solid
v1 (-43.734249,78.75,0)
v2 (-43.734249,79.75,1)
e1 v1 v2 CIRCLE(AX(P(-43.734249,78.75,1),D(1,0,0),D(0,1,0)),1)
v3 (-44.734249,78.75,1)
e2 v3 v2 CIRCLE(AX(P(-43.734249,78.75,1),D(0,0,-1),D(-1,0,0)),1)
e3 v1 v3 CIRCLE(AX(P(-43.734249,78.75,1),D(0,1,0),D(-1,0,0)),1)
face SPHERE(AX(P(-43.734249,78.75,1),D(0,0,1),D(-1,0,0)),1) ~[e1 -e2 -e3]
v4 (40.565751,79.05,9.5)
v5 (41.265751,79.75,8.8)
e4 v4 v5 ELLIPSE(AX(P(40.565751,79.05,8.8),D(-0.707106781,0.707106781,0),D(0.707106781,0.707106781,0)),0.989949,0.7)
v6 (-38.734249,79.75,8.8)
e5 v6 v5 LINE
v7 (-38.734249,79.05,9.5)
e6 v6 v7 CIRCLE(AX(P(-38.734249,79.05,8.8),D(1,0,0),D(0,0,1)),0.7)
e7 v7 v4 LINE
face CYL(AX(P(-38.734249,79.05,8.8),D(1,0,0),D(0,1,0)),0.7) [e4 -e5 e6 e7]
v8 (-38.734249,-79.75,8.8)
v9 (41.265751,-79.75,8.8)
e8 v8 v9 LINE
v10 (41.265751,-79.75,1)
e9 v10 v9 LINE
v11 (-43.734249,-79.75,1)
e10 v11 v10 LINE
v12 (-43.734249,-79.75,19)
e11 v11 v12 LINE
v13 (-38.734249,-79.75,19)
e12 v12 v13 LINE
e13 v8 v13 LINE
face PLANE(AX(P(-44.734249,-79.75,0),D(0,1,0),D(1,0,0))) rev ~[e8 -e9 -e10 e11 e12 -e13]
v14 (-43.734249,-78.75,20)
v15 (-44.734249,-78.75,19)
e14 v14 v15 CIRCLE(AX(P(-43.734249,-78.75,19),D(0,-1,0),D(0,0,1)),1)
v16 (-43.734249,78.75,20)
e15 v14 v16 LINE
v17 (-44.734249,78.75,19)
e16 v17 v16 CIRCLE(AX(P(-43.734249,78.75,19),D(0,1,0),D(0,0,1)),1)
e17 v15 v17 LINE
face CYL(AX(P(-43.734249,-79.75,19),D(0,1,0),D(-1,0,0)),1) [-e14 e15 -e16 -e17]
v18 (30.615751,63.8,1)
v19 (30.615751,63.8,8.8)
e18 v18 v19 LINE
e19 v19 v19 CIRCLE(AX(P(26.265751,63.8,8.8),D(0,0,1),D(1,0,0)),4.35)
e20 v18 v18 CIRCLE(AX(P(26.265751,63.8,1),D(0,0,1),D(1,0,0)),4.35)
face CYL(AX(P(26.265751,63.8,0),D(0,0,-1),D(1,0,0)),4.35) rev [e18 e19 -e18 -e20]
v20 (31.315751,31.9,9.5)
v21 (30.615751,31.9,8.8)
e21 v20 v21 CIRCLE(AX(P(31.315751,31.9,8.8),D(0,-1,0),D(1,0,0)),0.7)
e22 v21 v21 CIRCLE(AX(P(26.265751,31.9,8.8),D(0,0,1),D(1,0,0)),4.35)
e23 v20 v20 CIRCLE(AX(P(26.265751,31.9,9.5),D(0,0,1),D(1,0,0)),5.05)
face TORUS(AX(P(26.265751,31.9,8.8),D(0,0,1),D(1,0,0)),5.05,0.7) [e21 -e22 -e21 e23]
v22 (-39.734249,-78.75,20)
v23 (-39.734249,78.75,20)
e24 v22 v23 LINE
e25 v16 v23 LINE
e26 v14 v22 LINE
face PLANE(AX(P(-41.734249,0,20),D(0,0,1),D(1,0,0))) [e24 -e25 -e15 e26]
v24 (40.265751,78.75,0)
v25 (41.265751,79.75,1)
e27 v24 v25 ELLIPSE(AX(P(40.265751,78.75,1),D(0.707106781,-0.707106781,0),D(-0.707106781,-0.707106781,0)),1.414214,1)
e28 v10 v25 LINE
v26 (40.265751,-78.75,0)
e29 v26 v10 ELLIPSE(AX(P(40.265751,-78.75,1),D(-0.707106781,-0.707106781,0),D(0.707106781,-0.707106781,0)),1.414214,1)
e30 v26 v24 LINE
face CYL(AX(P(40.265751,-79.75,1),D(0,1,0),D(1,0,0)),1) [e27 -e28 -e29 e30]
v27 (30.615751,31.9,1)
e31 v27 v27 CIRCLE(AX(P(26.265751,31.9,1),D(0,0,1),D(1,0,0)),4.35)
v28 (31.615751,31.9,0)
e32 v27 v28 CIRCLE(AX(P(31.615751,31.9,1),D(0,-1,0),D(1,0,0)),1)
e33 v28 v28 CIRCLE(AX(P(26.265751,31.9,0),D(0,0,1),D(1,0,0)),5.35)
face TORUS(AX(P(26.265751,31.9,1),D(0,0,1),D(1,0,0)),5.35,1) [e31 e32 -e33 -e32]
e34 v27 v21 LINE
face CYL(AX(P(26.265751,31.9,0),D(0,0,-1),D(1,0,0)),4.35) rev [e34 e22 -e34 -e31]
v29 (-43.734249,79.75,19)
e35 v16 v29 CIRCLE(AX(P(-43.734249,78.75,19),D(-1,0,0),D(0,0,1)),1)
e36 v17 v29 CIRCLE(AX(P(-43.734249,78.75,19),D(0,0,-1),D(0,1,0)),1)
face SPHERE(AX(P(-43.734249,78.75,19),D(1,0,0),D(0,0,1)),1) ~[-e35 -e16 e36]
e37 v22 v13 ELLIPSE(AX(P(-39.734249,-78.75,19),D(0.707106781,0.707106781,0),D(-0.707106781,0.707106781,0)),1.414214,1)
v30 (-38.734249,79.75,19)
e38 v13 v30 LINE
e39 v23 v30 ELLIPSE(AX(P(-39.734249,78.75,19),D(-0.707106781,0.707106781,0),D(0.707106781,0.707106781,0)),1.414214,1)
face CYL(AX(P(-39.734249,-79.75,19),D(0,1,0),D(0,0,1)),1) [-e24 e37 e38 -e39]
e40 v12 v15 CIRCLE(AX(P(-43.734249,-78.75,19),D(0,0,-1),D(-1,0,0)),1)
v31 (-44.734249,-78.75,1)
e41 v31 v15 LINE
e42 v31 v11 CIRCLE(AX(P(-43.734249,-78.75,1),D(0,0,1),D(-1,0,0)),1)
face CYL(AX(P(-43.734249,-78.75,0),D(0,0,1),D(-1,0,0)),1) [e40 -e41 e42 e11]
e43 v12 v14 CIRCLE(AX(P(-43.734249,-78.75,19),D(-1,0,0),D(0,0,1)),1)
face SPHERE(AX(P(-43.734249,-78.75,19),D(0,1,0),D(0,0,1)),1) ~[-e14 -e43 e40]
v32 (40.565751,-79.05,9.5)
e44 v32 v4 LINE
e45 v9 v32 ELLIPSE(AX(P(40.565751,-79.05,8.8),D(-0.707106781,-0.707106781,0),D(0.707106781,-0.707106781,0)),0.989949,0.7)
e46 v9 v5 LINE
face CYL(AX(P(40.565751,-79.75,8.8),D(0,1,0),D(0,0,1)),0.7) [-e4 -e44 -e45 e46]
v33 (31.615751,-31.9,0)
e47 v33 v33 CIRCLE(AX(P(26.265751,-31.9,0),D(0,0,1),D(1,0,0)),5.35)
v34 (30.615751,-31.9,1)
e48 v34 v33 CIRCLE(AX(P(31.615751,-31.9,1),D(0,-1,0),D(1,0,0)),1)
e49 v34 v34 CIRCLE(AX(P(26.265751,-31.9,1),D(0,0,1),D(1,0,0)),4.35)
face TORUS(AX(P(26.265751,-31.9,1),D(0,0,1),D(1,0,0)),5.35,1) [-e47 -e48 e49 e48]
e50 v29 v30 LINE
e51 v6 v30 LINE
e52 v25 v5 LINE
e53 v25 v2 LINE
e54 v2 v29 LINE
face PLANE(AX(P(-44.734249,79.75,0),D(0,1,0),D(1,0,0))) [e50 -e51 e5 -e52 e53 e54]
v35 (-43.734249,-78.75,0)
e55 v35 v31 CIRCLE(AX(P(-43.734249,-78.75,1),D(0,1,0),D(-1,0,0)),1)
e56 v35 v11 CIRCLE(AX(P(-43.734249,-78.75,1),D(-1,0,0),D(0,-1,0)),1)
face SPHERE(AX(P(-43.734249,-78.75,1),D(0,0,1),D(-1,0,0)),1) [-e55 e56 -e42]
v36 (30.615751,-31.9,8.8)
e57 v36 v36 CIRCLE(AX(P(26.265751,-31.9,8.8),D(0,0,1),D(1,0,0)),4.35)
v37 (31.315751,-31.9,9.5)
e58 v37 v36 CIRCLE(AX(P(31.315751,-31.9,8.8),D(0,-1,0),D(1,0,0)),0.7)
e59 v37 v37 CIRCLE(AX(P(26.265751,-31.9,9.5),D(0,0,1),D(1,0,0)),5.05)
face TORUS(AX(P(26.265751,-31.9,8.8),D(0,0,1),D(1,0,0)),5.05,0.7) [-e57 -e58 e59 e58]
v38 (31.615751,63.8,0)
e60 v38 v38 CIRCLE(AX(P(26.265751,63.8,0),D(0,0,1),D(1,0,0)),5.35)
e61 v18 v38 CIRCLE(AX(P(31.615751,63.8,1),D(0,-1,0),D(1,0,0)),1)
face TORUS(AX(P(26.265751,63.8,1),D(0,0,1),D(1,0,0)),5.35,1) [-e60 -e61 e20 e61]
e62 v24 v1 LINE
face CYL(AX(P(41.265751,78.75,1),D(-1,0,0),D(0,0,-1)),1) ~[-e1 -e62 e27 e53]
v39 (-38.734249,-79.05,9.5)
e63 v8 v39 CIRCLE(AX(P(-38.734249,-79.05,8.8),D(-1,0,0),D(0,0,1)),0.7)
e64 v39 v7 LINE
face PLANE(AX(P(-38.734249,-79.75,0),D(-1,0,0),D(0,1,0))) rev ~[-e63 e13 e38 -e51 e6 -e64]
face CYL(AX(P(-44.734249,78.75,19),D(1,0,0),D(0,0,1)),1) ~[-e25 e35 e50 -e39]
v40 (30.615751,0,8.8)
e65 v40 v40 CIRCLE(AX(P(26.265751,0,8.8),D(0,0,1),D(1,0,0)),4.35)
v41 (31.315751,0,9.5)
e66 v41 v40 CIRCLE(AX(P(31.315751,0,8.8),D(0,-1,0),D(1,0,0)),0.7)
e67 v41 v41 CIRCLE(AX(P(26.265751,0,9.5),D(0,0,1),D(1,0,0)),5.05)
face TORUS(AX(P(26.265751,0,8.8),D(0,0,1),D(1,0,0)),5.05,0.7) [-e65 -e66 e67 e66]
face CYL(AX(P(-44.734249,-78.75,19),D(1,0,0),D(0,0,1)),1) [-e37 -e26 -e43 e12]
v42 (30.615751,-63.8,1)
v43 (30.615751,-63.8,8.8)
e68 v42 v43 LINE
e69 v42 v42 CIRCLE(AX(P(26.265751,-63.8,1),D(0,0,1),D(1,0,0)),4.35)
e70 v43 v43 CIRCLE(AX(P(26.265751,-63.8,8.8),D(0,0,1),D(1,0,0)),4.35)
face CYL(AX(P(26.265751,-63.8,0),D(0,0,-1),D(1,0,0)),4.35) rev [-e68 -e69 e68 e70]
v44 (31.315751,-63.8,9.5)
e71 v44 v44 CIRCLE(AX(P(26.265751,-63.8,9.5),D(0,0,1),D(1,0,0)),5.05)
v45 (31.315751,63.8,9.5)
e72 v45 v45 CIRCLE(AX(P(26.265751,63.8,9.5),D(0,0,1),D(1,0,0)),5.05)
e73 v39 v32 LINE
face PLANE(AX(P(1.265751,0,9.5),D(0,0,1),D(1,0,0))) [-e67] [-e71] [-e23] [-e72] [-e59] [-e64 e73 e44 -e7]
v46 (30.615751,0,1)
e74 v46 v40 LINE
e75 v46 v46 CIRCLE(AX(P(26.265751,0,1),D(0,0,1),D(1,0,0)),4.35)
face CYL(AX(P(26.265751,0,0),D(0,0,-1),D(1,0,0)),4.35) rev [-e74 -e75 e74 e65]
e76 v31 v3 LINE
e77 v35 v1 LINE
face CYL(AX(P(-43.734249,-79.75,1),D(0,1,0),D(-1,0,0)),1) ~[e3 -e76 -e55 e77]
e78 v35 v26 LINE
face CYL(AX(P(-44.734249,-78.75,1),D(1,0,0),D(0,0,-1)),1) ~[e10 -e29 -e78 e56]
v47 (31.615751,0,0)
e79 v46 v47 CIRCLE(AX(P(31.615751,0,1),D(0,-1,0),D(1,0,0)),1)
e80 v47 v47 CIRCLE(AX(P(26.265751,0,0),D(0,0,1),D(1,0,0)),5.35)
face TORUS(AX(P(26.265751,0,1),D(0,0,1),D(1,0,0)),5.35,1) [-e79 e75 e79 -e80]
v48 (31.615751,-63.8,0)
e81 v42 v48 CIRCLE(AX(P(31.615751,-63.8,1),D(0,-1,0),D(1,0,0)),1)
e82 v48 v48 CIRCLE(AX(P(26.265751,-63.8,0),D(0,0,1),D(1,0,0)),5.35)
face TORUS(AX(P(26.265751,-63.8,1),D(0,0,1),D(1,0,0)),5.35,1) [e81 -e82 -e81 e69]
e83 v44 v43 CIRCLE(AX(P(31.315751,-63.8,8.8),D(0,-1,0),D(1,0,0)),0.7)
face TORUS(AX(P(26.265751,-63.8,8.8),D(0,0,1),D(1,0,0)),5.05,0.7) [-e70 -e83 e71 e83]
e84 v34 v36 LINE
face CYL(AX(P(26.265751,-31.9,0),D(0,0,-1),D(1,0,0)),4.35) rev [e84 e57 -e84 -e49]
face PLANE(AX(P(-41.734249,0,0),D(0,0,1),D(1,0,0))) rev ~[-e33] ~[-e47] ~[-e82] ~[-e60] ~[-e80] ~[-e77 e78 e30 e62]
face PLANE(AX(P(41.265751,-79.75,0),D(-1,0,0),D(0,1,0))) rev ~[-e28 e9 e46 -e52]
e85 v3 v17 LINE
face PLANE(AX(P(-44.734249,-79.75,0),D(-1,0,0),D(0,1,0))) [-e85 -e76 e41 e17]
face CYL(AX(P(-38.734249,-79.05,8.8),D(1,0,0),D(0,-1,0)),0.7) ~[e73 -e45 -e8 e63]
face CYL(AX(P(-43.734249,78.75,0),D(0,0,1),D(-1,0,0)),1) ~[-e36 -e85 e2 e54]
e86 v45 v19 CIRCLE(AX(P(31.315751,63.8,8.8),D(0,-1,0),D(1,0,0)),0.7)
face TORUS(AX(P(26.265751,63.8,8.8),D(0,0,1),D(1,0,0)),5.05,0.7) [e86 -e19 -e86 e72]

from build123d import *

# Parameters (mm, degrees)
F0_W     = 80
F0_H     = 159.5
F0_R     = 4.35
F1_DEPTH = 9.5
F2_W     = 6
F2_H     = 159.5
F3_DEPTH = 20
F4_R     = 1
F5_R     = 0.7


with BuildPart() as f1:
    # F0 (on Top) → F1 (new body)
    with BuildSketch(Plane.XY):
        with Locations((1.265751, 0)):
            Rectangle(F0_W, F0_H)
        with Locations((26.265751, -63.8)):
            Circle(F0_R, mode=Mode.SUBTRACT)
        with Locations((26.265751, -31.9)):
            Circle(F0_R, mode=Mode.SUBTRACT)
        with Locations((26.265751, 0)):
            Circle(F0_R, mode=Mode.SUBTRACT)
        with Locations((26.265751, 31.9)):
            Circle(F0_R, mode=Mode.SUBTRACT)
        with Locations((26.265751, 63.8)):
            Circle(F0_R, mode=Mode.SUBTRACT)
    extrude(amount=F1_DEPTH)

    # F2 (on Top) → F3 (join)
    with BuildSketch(Plane.XY):
        with Locations((-41.734249, 0)):
            Rectangle(F2_W, F2_H)
    extrude(amount=F3_DEPTH)

    # F4
    f4_edges = [f1.edges().sort_by_distance(p)[0] for p in [
        (-38.734249, 0, 20),
        (-41.734249, 79.75, 20),
        (-44.734249, 0, 20),
        (-41.734249, -79.75, 20),
        (-44.734249, 79.75, 10),
        (-44.734249, -79.75, 10),
        (-44.734249, 0, 0),
        (-1.734249, 79.75, 0),
        (-1.734249, -79.75, 0),
        (41.265751, 0, 0),
        (21.915751, -63.8, 0),
        (21.915751, -31.9, 0),
        (21.915751, 0, 0),
        (21.915751, 31.9, 0),
        (21.915751, 63.8, 0),
    ]]
    fillet(f4_edges, radius=F4_R)

    # F5
    f5_edges = [f1.edges().sort_by_distance(p)[0] for p in [
        (1.265751, -79.75, 9.5),
        (41.265751, 0, 9.5),
        (1.265751, 79.75, 9.5),
        (21.915751, 63.8, 9.5),
        (21.915751, 31.9, 9.5),
        (21.915751, 0, 9.5),
        (21.915751, -31.9, 9.5),
        (21.915751, -63.8, 9.5),
    ]]
    fillet(f5_edges, radius=F5_R)


solid = f1.part
